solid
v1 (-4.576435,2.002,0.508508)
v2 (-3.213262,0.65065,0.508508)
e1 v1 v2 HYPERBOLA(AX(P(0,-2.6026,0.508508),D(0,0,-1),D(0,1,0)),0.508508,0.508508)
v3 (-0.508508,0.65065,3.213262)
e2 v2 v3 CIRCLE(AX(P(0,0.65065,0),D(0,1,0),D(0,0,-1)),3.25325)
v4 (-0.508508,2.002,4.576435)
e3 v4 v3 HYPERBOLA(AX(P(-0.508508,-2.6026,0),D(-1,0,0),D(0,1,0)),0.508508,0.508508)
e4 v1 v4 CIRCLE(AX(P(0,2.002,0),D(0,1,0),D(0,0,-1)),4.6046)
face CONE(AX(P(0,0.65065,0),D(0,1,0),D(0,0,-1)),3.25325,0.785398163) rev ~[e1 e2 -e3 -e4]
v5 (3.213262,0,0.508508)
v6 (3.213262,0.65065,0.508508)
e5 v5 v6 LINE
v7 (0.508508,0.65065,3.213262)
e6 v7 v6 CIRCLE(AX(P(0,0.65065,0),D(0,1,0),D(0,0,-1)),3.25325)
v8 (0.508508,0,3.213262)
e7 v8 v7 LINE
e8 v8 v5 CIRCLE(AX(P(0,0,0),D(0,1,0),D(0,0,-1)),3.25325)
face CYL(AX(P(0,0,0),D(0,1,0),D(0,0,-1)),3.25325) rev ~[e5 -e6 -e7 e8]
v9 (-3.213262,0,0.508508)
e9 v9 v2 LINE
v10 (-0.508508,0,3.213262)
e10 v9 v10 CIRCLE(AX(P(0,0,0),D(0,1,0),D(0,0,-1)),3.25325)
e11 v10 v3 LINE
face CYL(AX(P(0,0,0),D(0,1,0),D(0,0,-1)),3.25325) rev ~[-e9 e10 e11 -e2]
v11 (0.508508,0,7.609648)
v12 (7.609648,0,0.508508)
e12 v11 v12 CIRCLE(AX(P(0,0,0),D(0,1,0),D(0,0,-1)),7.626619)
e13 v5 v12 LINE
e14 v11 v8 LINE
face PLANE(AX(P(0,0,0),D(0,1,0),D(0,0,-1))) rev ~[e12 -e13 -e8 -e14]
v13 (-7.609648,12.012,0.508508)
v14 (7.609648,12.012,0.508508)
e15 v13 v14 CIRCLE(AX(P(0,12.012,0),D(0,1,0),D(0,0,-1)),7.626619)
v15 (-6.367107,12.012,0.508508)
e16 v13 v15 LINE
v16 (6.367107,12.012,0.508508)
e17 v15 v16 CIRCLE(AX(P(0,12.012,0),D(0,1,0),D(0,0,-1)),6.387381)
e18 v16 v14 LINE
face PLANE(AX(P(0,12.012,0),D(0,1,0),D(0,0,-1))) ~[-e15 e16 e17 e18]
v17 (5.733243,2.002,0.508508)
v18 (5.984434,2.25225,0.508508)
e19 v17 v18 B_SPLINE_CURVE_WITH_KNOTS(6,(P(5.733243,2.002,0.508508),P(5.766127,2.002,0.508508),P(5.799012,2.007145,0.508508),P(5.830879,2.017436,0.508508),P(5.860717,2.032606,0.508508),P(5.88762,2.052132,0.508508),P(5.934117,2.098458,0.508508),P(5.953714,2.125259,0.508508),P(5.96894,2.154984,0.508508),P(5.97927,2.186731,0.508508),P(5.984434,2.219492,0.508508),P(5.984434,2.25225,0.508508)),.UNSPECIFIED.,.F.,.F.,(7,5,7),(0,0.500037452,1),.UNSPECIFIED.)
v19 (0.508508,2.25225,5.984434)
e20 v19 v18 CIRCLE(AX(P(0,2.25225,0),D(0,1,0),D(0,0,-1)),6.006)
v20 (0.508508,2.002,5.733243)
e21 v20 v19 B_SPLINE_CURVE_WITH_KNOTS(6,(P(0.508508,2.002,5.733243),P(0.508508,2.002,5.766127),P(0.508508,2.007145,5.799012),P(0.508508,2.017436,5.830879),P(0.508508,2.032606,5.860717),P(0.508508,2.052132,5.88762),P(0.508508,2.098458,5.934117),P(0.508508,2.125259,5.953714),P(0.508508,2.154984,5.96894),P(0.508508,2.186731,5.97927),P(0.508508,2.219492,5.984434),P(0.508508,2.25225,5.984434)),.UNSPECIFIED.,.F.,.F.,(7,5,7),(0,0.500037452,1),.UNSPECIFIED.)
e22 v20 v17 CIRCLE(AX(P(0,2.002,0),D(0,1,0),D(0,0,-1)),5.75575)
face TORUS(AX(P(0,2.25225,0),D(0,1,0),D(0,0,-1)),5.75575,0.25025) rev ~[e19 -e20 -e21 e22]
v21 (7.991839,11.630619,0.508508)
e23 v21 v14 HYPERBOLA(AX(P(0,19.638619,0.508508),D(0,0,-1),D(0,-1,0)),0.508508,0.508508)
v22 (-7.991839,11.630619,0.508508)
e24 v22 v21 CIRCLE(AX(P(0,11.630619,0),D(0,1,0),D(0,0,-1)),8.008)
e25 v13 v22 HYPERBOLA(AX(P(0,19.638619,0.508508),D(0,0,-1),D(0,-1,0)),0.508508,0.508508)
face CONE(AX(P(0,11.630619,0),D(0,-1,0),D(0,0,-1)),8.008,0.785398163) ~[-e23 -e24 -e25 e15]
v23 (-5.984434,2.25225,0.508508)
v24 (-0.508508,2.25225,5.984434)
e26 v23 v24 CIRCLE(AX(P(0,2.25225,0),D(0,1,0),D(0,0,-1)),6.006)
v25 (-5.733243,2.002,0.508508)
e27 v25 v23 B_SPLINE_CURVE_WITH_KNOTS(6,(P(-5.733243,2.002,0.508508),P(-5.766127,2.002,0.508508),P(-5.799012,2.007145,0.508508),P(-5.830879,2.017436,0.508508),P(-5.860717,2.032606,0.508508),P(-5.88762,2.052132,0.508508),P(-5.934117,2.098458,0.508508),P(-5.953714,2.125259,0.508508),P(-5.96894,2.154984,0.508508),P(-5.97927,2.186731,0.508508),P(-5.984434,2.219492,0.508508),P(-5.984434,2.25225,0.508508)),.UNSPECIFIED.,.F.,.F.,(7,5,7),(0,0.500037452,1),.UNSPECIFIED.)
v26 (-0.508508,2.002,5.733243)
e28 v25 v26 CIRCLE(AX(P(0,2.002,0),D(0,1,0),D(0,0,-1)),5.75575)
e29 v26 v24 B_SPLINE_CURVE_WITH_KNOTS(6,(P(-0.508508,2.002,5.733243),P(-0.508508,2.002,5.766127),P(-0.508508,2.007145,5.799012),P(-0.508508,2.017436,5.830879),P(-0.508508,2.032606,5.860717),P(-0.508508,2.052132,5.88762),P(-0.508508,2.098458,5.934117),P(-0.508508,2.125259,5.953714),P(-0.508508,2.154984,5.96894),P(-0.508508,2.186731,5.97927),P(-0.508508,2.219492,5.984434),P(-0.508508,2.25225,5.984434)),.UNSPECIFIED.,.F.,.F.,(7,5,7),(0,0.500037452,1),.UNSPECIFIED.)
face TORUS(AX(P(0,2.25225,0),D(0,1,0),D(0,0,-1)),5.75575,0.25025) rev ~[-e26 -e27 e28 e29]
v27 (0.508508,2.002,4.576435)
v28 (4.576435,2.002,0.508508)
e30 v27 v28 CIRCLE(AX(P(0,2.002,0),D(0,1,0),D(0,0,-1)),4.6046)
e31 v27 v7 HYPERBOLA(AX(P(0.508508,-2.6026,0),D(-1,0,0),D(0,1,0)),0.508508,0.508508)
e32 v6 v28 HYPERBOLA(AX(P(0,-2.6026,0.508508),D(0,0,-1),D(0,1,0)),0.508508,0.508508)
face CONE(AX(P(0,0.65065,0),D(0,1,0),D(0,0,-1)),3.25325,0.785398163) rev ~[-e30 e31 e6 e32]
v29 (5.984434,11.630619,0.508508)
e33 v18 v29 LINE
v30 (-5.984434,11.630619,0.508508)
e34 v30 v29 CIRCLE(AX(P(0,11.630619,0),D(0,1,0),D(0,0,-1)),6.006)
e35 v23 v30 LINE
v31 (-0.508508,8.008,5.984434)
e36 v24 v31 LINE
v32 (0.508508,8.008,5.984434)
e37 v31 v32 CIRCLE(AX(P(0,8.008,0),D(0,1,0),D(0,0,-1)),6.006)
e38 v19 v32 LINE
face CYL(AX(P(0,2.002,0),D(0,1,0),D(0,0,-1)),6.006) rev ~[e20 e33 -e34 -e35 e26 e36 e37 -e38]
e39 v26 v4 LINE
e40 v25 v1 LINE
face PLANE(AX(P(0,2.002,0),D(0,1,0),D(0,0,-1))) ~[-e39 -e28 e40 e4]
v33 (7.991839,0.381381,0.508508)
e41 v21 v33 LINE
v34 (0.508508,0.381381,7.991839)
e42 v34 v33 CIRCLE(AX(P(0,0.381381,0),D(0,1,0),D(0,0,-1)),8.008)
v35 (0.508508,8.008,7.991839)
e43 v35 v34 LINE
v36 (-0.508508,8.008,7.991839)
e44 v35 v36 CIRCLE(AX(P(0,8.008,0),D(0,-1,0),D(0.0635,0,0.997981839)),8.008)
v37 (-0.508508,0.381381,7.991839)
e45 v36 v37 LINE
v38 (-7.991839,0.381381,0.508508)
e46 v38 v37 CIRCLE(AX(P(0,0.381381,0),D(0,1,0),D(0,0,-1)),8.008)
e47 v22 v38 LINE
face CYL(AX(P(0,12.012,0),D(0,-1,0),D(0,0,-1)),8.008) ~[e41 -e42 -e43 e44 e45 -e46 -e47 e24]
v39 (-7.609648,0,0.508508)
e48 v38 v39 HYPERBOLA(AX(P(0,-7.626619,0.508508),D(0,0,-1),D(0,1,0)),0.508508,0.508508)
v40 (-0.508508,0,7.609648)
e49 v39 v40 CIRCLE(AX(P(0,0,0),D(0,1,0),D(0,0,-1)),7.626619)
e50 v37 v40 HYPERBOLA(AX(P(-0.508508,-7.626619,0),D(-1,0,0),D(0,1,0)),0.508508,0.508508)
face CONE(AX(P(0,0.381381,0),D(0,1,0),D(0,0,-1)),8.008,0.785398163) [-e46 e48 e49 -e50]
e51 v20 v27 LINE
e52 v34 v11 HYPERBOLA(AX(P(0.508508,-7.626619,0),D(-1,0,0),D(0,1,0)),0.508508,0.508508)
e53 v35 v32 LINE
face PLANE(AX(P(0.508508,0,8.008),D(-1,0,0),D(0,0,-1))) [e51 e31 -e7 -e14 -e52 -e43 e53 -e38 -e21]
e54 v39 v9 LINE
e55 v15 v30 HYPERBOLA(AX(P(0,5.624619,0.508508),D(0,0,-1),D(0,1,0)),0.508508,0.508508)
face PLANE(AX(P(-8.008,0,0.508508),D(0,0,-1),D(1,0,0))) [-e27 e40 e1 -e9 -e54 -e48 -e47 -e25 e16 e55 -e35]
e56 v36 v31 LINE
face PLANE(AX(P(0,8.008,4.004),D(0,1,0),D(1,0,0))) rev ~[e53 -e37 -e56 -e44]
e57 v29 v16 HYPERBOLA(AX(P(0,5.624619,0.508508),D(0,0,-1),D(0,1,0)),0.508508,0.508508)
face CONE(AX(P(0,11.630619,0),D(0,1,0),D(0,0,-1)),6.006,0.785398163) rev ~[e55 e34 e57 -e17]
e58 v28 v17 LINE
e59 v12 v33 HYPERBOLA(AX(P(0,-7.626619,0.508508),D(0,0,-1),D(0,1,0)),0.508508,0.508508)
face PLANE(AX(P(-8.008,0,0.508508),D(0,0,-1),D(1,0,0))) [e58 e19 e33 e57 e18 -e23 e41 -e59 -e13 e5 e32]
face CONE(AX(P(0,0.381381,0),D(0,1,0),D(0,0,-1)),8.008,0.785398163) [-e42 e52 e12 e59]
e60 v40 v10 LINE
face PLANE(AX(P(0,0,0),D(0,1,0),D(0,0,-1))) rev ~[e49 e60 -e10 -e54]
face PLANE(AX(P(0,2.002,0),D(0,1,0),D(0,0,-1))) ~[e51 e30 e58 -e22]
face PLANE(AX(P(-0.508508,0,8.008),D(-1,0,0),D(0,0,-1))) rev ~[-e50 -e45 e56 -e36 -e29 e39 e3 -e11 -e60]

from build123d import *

# Parameters (mm, degrees)
CHAMFER1_SIZE      = 1.35
FILLET1_R          = 0.25
CHAMFER2_SIZE      = 0.381
SKETCH2_W          = 16
SKETCH2_H          = 8.508
CUT_EXTRUDE1_DEPTH = 13
SKETCH3_W          = 1.016
SKETCH3_H          = 8
CUT_EXTRUDE2_DEPTH = 8
SCALE2_SCALE       = 1.001


with BuildPart() as part:
    # Sketch1 → Revolve1 (revolve)
    with BuildSketch(Plane.XY, mode=Mode.PRIVATE) as revolve1_sk:
        Polygon((3.25, 0), (3.25, 2), (6, 2), (6, 12), (8, 12), (8, 0), align=None)
    revolve(revolve1_sk.sketch.rotate(Axis((0, 0, 0), (0, 1, 0)), 90), axis=Axis((0, 0, 0), (0, 1, 0)))  # turned: the seam where the file's is

    # Chamfer1
    chamfer1_edges = [part.edges().sort_by_distance(p)[0] for p in [
        (0, 2, 3.25),
    ]]
    chamfer(chamfer1_edges, length=CHAMFER1_SIZE)

    # Fillet1
    fillet1_edges = [part.edges().sort_by_distance(p)[0] for p in [
        (0, 2, 6),
    ]]
    fillet(fillet1_edges, radius=FILLET1_R)

    # Chamfer2
    chamfer2_edges = [part.edges().sort_by_distance(p)[0] for p in [
        (0, 0, 8),
        (0, 12, 8),
        (0, 12, 6),
    ]]
    chamfer(chamfer2_edges, length=CHAMFER2_SIZE)

    # Sketch2 → Cut-Extrude1 (cut, through all)
    with BuildSketch(Plane(origin=(0, 0, 0), x_dir=(1, 0, 0), z_dir=(0, 1, 0))):
        with Locations((0, 3.746)):
            Rectangle(SKETCH2_W, SKETCH2_H)
    extrude(amount=CUT_EXTRUDE1_DEPTH, mode=Mode.SUBTRACT)

    # Sketch3 → Cut-Extrude2 (cut)
    with BuildSketch(Plane(origin=(0, 0, 0), x_dir=(1, 0, 0), z_dir=(0, 1, 0))):
        with Locations((0, -4)):
            Rectangle(SKETCH3_W, SKETCH3_H)
    extrude(amount=CUT_EXTRUDE2_DEPTH, mode=Mode.SUBTRACT)


with BuildPart() as part_1:
    # Scale2: scaled about (0, 0, 0)
    add(part.part.scale(SCALE2_SCALE))


solid = part_1.part
